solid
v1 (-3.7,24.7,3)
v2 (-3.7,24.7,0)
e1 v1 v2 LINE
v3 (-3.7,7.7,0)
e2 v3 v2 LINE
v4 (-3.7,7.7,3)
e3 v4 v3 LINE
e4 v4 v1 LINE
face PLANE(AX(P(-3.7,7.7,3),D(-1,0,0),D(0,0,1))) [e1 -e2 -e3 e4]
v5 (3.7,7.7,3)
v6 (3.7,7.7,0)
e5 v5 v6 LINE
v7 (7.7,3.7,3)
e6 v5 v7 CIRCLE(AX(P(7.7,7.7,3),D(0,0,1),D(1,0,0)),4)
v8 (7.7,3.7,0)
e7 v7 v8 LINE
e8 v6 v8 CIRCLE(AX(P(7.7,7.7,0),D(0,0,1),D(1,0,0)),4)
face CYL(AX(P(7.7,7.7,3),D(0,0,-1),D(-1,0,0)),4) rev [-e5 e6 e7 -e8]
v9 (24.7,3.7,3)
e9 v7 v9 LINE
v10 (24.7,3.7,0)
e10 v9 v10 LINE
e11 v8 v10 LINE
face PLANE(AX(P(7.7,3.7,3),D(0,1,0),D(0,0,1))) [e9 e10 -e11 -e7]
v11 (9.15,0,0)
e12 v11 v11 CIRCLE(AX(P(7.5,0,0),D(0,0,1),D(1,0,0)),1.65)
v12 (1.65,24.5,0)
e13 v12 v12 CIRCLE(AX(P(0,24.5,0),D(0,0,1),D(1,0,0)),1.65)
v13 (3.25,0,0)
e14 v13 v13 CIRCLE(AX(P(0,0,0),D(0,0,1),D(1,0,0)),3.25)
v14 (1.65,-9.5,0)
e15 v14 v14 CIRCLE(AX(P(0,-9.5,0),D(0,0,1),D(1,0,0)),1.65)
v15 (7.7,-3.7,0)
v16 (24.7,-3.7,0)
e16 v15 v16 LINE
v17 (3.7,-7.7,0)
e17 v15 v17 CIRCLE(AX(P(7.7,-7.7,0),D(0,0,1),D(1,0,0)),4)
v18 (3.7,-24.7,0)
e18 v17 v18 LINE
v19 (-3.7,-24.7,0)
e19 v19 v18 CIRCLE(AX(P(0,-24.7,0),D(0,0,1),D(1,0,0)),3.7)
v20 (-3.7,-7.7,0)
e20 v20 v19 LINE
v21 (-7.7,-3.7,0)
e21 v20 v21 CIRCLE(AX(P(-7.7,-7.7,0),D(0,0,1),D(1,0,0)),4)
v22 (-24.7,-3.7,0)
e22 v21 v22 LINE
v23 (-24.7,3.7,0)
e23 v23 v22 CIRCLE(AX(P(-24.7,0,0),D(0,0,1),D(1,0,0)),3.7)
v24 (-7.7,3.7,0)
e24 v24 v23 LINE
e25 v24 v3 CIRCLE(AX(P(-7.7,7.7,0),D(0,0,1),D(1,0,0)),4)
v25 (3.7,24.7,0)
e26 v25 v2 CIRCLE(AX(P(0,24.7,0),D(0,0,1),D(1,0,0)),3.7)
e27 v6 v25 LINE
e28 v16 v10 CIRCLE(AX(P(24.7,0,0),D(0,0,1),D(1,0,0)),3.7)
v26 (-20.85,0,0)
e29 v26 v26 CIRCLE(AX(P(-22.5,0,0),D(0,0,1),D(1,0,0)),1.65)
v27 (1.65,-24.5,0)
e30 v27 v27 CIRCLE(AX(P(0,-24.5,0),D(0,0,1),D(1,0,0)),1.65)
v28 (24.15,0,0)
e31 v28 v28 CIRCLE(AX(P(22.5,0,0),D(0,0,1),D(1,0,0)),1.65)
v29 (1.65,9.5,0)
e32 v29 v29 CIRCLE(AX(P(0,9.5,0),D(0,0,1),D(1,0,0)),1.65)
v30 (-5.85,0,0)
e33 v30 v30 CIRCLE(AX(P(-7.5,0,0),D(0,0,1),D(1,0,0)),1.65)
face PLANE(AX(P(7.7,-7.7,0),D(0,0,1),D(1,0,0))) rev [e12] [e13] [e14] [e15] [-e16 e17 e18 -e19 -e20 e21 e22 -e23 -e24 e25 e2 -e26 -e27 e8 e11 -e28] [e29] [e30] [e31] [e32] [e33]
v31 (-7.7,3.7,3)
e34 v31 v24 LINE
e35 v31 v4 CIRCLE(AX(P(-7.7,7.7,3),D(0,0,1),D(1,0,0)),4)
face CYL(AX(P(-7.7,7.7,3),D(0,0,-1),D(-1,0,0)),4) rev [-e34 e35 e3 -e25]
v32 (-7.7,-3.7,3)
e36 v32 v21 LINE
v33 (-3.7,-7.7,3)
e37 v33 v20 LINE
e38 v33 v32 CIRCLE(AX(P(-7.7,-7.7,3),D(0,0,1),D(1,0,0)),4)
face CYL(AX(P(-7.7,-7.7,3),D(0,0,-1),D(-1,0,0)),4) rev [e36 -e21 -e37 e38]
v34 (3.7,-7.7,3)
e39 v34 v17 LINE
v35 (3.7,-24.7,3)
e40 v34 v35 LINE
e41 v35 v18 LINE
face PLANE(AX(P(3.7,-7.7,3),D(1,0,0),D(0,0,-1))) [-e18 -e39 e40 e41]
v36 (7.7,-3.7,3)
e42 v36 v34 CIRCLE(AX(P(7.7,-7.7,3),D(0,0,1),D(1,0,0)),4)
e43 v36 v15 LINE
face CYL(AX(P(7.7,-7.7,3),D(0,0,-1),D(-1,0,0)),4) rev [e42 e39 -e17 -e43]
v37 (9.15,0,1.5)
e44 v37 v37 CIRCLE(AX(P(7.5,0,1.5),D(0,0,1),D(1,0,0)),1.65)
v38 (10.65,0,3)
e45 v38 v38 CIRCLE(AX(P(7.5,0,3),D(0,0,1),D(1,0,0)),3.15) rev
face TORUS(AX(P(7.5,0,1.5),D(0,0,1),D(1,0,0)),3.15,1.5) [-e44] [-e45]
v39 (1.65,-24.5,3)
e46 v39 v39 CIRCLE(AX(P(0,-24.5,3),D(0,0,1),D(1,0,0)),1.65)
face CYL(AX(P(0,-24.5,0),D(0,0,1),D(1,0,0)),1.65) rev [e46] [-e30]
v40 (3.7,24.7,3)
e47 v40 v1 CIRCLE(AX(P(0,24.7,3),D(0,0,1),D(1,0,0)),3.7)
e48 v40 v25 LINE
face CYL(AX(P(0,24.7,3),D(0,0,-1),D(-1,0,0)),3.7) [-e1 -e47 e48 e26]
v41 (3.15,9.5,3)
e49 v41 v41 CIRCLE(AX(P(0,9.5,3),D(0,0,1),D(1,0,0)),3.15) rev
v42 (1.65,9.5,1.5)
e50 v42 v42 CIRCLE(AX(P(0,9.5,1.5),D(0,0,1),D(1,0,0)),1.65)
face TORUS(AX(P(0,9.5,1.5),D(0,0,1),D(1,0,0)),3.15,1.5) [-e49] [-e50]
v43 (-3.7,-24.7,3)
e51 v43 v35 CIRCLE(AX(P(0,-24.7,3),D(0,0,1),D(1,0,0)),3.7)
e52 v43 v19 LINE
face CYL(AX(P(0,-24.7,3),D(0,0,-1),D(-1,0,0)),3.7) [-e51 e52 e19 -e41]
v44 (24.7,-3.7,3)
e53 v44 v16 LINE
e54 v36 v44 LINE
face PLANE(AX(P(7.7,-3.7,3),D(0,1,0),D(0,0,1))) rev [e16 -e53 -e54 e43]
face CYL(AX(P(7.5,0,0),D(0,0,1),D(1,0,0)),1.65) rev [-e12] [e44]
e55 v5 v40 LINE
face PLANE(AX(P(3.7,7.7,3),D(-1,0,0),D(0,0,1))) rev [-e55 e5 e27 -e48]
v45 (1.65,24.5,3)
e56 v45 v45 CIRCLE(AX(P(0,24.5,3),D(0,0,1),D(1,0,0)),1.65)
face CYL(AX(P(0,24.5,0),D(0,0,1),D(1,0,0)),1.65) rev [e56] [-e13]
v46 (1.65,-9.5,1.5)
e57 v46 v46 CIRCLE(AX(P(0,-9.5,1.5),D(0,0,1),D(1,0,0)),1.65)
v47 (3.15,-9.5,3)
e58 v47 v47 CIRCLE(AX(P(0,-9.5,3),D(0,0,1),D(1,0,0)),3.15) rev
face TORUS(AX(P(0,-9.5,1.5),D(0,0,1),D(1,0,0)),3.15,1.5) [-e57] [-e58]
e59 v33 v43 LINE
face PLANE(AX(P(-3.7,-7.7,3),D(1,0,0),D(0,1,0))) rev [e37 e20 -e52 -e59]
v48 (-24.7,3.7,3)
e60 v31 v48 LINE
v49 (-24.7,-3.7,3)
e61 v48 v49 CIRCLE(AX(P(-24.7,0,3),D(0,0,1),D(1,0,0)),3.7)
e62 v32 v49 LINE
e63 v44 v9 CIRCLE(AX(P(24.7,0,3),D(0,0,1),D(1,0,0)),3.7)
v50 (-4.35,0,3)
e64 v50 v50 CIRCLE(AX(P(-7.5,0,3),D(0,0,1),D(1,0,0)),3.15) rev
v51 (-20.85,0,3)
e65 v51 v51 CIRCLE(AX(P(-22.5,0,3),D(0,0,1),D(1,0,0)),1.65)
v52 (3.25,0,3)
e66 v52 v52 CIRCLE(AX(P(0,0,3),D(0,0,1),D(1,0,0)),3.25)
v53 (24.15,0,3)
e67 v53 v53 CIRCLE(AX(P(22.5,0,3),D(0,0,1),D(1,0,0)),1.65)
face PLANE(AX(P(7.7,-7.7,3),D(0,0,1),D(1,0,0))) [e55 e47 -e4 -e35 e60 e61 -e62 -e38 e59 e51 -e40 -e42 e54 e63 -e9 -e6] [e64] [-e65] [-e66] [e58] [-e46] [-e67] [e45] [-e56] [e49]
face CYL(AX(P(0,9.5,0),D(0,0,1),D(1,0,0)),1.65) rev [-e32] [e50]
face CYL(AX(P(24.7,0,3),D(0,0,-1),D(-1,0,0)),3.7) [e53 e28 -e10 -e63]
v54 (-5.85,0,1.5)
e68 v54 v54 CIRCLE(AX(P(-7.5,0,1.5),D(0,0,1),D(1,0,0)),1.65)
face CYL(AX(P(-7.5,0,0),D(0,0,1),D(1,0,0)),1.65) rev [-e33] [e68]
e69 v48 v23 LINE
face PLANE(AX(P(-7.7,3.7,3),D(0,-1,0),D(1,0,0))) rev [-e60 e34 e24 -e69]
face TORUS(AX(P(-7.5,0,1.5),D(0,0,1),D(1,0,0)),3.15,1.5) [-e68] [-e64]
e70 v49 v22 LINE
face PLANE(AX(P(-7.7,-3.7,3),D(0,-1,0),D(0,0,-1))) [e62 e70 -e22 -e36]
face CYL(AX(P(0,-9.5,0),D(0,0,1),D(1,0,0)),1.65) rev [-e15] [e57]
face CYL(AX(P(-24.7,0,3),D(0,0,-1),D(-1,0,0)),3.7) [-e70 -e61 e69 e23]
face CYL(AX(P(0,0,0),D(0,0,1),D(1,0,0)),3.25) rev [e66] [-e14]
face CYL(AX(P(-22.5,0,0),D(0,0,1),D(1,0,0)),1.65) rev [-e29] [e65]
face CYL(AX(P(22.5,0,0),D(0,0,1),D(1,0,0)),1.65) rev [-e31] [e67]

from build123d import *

# Parameters (mm, degrees)
SALIENTE_EXTRUIR2_DEPTH = 3
CROQUIS3_R              = 3.25
CROQUIS3_R_2            = 1.65
CORTAR_EXTRUIR1_DEPTH   = 3
REDONDEO1_R             = 1.5
REDONDEO2_R             = 1.5
REDONDEO3_R             = 1.5
REDONDEO4_R             = 1.5


with BuildPart() as part:
    # Croquis1 → Saliente-Extruir2 (new body)
    with BuildSketch(Plane.XY):
        with BuildLine():
            Line((-7.7, 3.7), (-24.7, 3.7))
            ThreePointArc((-24.7, 3.7), (-28.4, 0), (-24.7, -3.7))
            Line((-24.7, -3.7), (-7.7, -3.7))
            ThreePointArc((-7.7, -3.7), (-4.871572875, -4.871572875), (-3.7, -7.7))
            Line((-3.7, -7.7), (-3.7, -24.7))
            ThreePointArc((-3.7, -24.7), (0, -28.4), (3.7, -24.7))
            Line((3.7, -24.7), (3.7, -7.7))
            ThreePointArc((3.7, -7.7), (4.871572875, -4.871572875), (7.7, -3.7))
            Line((7.7, -3.7), (24.7, -3.7))
            ThreePointArc((24.7, -3.7), (28.4, 0), (24.7, 3.7))
            Line((24.7, 3.7), (7.7, 3.7))
            ThreePointArc((7.7, 3.7), (4.871572875, 4.871572875), (3.7, 7.7))
            Line((3.7, 7.7), (3.7, 24.7))
            ThreePointArc((3.7, 24.7), (0, 28.4), (-3.7, 24.7))
            Line((-3.7, 24.7), (-3.7, 7.7))
            ThreePointArc((-3.7, 7.7), (-4.871572875, 4.871572875), (-7.7, 3.7))
        make_face()
    extrude(amount=SALIENTE_EXTRUIR2_DEPTH)

    # Croquis3 → Cortar-Extruir1 (cut)
    with BuildSketch(Plane.XY.offset(3)):
        Circle(CROQUIS3_R)
        with Locations((-7.5, 0)):
            Circle(CROQUIS3_R_2)
        with Locations((-22.5, 0)):
            Circle(CROQUIS3_R_2)
        with Locations((0, -9.5)):
            Circle(CROQUIS3_R_2)
        with Locations((7.5, 0)):
            Circle(CROQUIS3_R_2)
        with Locations((0, 9.5)):
            Circle(CROQUIS3_R_2)
        with Locations((0, 24.5)):
            Circle(CROQUIS3_R_2)
        with Locations((22.5, 0)):
            Circle(CROQUIS3_R_2)
        with Locations((0, -24.5)):
            Circle(CROQUIS3_R_2)
    extrude(amount=-CORTAR_EXTRUIR1_DEPTH, mode=Mode.SUBTRACT)

    # Redondeo1
    redondeo1_edges = [part.edges().sort_by_distance(p)[0] for p in [
        (-9.15, 0, 3),
    ]]
    fillet(redondeo1_edges, radius=REDONDEO1_R)

    # Redondeo2
    redondeo2_edges = [part.edges().sort_by_distance(p)[0] for p in [
        (-1.65, 9.5, 3),
    ]]
    fillet(redondeo2_edges, radius=REDONDEO2_R)

    # Redondeo3
    redondeo3_edges = [part.edges().sort_by_distance(p)[0] for p in [
        (5.85, 0, 3),
    ]]
    fillet(redondeo3_edges, radius=REDONDEO3_R)

    # Redondeo4
    redondeo4_edges = [part.edges().sort_by_distance(p)[0] for p in [
        (-1.65, -9.5, 3),
    ]]
    fillet(redondeo4_edges, radius=REDONDEO4_R)


solid = part.part
